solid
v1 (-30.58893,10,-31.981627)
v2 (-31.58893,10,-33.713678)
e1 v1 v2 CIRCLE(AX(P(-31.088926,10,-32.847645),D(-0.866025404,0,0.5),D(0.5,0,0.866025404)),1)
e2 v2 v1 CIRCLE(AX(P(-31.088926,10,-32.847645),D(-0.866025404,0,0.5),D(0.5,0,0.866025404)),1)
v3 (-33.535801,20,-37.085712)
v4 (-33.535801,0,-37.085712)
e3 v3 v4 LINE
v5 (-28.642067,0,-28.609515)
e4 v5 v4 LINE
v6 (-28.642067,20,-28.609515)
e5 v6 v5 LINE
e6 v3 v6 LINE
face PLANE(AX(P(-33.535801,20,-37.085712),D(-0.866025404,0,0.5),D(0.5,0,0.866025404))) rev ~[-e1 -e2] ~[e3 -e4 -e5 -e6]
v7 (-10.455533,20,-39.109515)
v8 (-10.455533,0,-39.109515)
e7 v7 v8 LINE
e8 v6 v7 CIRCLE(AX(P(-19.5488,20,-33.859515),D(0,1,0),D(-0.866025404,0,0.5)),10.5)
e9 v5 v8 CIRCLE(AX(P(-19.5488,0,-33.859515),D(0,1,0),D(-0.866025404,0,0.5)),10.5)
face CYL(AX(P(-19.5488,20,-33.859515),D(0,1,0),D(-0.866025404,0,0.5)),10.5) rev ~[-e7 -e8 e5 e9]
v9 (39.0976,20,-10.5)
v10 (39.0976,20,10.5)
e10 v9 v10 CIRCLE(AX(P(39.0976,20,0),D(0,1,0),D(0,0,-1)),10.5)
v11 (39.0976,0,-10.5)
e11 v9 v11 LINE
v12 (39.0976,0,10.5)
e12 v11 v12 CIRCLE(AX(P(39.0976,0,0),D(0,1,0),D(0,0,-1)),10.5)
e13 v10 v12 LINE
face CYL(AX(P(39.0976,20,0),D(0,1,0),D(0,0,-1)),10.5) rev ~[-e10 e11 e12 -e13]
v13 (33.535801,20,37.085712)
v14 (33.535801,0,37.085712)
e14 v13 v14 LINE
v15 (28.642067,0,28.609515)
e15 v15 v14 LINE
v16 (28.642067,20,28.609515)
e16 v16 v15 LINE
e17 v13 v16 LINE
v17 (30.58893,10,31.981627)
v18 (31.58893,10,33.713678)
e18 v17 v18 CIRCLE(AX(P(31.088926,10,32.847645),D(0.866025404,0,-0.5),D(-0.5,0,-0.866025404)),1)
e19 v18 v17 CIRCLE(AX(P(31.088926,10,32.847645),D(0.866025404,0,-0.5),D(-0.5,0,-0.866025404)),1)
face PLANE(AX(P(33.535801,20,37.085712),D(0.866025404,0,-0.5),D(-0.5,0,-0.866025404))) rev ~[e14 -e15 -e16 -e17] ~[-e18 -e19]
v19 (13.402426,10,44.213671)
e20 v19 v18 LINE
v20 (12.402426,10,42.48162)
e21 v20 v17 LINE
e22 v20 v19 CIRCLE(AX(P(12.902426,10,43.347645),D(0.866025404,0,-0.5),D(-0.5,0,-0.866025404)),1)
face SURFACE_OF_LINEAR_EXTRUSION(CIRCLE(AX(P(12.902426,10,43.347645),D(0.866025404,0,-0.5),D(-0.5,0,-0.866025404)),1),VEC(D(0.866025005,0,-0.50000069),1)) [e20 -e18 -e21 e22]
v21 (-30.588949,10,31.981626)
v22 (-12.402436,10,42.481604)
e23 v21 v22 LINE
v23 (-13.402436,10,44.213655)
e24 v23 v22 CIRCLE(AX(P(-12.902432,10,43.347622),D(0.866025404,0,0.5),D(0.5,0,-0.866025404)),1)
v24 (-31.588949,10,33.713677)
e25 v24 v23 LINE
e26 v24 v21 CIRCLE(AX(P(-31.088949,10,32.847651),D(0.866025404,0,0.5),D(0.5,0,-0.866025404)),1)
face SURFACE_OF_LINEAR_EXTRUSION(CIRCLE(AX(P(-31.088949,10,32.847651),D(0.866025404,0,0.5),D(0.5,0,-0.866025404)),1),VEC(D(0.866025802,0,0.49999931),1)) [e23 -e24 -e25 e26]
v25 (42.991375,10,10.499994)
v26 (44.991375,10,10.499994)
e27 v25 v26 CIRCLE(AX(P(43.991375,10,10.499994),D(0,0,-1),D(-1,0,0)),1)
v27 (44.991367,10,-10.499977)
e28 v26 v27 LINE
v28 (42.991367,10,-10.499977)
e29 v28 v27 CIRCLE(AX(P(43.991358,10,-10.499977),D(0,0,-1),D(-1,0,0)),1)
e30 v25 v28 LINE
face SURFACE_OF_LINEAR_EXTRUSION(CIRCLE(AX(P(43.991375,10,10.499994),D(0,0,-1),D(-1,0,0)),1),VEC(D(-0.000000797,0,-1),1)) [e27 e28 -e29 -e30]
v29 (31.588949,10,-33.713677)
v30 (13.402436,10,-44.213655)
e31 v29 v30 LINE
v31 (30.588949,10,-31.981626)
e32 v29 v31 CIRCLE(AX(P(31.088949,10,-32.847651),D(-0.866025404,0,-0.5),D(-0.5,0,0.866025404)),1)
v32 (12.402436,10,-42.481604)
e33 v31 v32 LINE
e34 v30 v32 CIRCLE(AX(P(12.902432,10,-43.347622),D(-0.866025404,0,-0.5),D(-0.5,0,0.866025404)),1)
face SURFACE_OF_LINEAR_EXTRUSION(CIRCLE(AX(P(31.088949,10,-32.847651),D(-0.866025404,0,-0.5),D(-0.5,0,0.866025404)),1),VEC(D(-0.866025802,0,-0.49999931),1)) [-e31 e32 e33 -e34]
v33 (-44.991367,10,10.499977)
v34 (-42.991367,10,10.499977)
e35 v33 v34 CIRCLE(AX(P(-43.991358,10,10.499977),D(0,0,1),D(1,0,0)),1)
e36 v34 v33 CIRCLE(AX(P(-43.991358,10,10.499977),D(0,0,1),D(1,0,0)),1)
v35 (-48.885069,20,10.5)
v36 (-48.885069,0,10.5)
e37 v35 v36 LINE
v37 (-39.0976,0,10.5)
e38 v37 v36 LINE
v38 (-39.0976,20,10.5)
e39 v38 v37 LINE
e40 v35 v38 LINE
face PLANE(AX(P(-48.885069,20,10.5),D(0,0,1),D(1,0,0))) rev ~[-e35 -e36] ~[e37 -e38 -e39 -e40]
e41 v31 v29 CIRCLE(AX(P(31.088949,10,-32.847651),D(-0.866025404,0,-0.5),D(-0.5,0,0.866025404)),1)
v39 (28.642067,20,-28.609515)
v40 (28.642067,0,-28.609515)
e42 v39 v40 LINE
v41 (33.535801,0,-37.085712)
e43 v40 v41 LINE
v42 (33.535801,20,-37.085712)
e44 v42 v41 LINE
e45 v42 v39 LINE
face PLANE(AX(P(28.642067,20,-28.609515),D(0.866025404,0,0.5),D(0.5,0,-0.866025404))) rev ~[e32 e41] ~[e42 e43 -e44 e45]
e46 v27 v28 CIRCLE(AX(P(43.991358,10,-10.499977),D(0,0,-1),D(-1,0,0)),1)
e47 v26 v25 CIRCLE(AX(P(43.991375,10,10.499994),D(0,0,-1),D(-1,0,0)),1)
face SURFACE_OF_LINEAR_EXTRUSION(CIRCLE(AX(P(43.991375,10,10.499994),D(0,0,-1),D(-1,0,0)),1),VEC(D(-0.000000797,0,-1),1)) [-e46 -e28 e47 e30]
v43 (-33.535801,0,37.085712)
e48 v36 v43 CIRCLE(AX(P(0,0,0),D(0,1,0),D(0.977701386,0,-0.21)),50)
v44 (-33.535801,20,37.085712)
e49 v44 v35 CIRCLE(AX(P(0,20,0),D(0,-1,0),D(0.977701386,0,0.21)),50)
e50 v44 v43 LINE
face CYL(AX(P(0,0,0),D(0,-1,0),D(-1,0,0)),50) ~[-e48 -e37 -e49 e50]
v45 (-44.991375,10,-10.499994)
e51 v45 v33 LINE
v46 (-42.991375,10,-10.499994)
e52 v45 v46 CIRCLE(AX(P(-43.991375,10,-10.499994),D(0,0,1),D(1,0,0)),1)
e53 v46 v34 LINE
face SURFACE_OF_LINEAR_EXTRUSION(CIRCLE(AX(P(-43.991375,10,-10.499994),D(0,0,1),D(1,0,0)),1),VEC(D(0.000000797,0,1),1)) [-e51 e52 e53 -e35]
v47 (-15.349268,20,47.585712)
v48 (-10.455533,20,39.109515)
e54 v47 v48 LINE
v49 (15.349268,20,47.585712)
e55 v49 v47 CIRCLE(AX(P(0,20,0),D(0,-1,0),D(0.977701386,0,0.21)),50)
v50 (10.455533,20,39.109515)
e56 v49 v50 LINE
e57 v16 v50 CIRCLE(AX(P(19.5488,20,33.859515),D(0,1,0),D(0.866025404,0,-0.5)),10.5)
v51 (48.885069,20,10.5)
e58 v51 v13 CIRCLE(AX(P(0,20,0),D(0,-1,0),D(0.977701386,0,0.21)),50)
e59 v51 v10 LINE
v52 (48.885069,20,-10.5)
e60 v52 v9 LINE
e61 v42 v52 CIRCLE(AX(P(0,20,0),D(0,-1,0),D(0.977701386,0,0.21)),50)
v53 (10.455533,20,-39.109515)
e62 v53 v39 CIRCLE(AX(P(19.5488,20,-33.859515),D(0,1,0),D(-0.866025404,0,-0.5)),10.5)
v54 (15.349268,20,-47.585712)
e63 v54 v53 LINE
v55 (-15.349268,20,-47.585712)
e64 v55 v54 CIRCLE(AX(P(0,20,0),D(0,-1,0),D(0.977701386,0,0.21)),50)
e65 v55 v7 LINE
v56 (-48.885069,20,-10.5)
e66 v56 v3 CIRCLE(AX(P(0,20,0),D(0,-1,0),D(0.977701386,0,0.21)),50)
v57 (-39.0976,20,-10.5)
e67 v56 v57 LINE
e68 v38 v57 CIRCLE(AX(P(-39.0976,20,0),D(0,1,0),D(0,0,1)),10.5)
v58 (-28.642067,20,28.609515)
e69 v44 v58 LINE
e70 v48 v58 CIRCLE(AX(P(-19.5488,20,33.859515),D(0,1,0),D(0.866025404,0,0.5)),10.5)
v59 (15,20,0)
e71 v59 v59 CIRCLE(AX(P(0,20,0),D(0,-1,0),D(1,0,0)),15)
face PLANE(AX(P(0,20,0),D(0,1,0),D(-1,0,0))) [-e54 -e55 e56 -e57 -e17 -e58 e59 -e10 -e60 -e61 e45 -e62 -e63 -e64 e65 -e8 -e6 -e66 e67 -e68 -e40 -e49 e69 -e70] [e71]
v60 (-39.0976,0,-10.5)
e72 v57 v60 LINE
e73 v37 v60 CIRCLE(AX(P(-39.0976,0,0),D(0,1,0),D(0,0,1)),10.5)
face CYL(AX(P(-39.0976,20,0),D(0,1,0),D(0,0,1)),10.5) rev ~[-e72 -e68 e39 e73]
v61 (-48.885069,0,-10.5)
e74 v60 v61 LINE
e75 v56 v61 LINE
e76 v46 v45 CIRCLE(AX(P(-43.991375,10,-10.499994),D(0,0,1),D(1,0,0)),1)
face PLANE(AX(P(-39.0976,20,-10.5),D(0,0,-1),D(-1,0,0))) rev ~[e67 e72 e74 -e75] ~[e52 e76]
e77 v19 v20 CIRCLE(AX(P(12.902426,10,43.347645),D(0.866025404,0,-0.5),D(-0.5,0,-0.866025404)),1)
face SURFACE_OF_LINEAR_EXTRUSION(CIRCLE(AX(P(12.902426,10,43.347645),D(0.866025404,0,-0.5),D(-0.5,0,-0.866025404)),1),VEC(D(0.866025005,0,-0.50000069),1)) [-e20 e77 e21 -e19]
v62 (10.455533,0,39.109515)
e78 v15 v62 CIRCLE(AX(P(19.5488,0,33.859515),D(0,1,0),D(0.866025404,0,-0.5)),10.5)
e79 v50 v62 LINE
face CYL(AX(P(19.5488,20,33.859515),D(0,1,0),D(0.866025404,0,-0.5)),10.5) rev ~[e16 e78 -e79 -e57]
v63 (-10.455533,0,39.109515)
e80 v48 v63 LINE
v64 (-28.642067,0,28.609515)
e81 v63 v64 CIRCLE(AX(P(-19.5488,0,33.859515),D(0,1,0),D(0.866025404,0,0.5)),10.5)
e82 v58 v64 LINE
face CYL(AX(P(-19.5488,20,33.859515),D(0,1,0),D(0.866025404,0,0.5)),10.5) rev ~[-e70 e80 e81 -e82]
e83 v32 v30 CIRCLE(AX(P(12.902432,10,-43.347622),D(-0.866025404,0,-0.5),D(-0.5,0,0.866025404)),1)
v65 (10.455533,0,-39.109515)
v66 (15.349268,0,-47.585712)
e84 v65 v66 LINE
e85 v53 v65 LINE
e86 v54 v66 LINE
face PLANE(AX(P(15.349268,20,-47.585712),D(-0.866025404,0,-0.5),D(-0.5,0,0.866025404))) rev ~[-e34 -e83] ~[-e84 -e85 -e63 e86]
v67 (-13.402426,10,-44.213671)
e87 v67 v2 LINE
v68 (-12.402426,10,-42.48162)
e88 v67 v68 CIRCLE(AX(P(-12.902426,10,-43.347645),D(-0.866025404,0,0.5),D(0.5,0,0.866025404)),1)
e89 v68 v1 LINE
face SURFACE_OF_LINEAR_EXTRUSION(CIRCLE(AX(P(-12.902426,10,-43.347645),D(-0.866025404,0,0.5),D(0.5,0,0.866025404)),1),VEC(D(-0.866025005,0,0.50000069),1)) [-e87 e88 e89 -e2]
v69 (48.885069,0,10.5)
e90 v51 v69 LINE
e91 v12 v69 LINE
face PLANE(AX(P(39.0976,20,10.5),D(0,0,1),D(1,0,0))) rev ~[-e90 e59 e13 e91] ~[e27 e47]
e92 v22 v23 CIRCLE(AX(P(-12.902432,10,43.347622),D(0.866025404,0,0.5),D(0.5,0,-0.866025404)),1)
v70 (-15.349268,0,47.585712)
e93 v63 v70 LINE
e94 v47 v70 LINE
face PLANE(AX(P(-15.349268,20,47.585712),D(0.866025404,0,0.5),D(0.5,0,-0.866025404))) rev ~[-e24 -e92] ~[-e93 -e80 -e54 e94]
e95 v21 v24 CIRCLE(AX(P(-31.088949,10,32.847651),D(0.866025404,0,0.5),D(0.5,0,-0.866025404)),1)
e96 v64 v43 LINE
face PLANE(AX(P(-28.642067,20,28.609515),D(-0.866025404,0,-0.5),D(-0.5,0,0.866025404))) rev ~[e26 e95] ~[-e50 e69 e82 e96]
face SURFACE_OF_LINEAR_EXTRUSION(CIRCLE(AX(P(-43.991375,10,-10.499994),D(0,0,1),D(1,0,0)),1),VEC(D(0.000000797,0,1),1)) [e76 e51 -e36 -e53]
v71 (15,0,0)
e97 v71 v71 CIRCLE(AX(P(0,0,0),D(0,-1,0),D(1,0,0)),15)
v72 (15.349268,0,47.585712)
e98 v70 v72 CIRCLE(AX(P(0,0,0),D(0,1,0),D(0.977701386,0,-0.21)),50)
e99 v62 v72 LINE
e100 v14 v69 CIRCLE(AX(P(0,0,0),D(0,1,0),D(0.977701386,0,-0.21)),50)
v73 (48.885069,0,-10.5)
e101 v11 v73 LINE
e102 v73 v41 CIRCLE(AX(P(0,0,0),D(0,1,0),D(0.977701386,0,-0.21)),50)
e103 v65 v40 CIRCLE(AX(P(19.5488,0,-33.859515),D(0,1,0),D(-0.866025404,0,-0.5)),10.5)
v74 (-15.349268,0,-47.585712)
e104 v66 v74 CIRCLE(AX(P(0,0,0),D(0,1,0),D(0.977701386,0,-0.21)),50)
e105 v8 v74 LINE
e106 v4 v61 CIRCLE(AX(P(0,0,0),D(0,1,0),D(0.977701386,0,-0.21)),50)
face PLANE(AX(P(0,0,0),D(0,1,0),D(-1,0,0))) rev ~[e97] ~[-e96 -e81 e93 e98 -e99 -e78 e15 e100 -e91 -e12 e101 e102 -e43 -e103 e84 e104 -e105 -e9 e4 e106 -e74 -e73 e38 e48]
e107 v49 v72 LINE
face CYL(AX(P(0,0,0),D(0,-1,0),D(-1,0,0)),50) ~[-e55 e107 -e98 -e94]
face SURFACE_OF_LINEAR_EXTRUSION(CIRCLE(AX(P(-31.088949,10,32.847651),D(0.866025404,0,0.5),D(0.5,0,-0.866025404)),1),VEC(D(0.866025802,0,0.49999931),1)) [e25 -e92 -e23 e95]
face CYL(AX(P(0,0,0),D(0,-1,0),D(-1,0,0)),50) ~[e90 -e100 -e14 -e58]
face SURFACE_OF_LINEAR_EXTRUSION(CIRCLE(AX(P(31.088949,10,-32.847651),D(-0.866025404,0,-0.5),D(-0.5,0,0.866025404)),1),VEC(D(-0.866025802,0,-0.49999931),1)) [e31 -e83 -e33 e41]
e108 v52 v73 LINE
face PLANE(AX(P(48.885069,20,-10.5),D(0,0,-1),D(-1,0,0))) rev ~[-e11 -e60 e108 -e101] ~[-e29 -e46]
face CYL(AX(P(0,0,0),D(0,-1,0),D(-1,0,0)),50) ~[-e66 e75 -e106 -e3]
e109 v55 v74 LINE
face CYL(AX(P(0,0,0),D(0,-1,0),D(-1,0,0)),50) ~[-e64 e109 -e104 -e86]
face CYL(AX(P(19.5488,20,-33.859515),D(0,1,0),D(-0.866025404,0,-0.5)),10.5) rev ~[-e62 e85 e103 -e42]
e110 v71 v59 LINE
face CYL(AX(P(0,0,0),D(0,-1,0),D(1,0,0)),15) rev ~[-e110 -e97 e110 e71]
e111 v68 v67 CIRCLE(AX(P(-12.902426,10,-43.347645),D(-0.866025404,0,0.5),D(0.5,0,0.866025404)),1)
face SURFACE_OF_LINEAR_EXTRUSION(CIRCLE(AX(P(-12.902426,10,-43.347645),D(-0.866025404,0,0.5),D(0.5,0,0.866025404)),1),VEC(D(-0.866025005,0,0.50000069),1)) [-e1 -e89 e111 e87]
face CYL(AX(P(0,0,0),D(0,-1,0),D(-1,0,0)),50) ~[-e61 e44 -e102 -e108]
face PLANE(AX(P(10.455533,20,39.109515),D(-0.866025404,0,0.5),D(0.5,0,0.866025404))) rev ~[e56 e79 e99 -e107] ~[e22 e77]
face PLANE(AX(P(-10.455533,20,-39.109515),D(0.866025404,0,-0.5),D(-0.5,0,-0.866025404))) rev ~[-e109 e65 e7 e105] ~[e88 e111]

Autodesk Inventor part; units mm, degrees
ref_plane "YZ Plane" through (0, 0, 0) normal (1, 0, 0) x (0, 1, 0)
ref_plane "XY Plane" through (0, 0, 0) normal (0, 0, 1) x (1, 0, 0)
sketch "Sketch1" plane through (0, 0, 0) normal (0, 1, 0) x (-1, 0, 0)
  circle A0 centre (0, 0) radius 50
  dimension "d0" = 100
extrude "Extrusion1" add sketch "Sketch1" along normal blind 20
sketch "Sketch2" plane through (0, 20, 0) normal (0, 1, 0) x (1, 0, 0)
  line L0 (60.9024, 0) -> (39.0976, 0) construction
  circle A0 centre (0, 0) radius 50 projected
  line L1 (60.9024, 10.5) -> (39.0976, 10.5)
  line L2 (39.0976, -10.5) -> (60.9024, -10.5)
  arc A1 (60.9024, -10.5) -> (60.9024, 10.5) centre (60.9024, 0) ccw
  arc A2 (39.0976, 10.5) -> (39.0976, -10.5) centre (39.0976, 0) ccw
  point P0 (50, 0)
  dimension "d3" = 21
extrude "Extrusion2" cut sketch "Sketch2" against normal blind 20 contours A0 L2 A2 L1 | A0 L1 A1 L2 picked at (42.7317, 0)
pattern_circular "Circular Pattern1" count 6 over 360 about axis through (0, -10, 0) along (0, 1, 0) of "Extrusion2"
sketch "Sketch3" plane through (48.8851, 20, 10.5) normal (0, 0, -1) x (-1, 0, 0)
  point P0 (48.8851, -20)
sketch "Sketch4" plane through (0, 20, 0) normal (0, 1, 0) x (1, 0, 0)
  point P0 (0, 0)
ref_plane "Work Plane1" through (0, 10, 0) normal (0, 1, 0) x (-1, 0, 0)
sketch "Sketch5" plane through (0, 10, 0) normal (0, 1, 0) x (-1, 0, 0)
  line L0 (-15.3493, 47.5857) -> (-10.4555, 39.1095) projected
  arc A0 (-28.6421, 28.6095) -> (-10.4555, 39.1095) centre (-19.5488, 33.8595) ccw projected
  line L1 (-28.6421, 28.6095) -> (-33.5358, 37.0857) projected
  arc A1 (-33.5358, 37.0857) -> (-48.8851, 10.5) centre (0, 0) ccw projected
  line L2 (-48.8851, 10.5) -> (-39.0976, 10.5) projected
  arc A2 (-39.0976, -10.5) -> (-39.0976, 10.5) centre (-39.0976, 0) ccw projected
  line L3 (-39.0976, -10.5) -> (-48.8851, -10.5) projected
  arc A3 (-48.8851, -10.5) -> (-33.5358, -37.0857) centre (0, 0) ccw projected
  line L4 (-33.5358, -37.0857) -> (-28.6421, -28.6095) projected
  arc A4 (-10.4555, -39.1095) -> (-28.6421, -28.6095) centre (-19.5488, -33.8595) ccw projected
  line L5 (-10.4555, -39.1095) -> (-15.3493, -47.5857) projected
  arc A5 (-15.3493, -47.5857) -> (15.3493, -47.5857) centre (0, 0) ccw projected
  line L6 (15.3493, -47.5857) -> (10.4555, -39.1095) projected
  arc A6 (28.6421, -28.6095) -> (10.4555, -39.1095) centre (19.5488, -33.8595) ccw projected
  line L7 (28.6421, -28.6095) -> (33.5358, -37.0857) projected
  arc A7 (33.5358, -37.0857) -> (48.8851, -10.5) centre (0, 0) ccw projected
  line L8 (48.8851, -10.5) -> (39.0976, -10.5) projected
  arc A8 (39.0976, 10.5) -> (39.0976, -10.5) centre (39.0976, 0) ccw projected
  line L9 (39.0976, 10.5) -> (48.8851, 10.5) projected
  arc A9 (48.8851, 10.5) -> (33.5358, 37.0857) centre (0, 0) ccw projected
  line L10 (33.5358, 37.0857) -> (28.6421, 28.6095) projected
  arc A10 (10.4555, 39.1095) -> (28.6421, 28.6095) centre (19.5488, 33.8595) ccw projected
  line L11 (10.4555, 39.1095) -> (15.3493, 47.5857) projected
  arc A11 (15.3493, 47.5857) -> (-15.3493, 47.5857) centre (0, 0) ccw projected
  line L12 (15.3493, -47.5857) -> (10.4555, -39.1095) projected
  line L13 (12.9024, -43.3476) -> (31.0889, -32.8476)
  line L14 (28.6421, -28.6095) -> (33.5358, -37.0857) projected
  line L15 (43.9913, -10.5) -> (43.9913, 10.5)
  line L16 (31.0889, 32.8476) -> (12.9024, 43.3476)
  line L17 (15.3493, 47.5857) -> (10.4555, 39.1095) projected
  line L18 (-10.4555, 39.1095) -> (-15.3493, 47.5857) projected
  line L19 (-12.9024, 43.3476) -> (-31.0889, 32.8476)
  line L20 (-39.0976, 10.5) -> (-48.8851, 10.5) projected
  line L21 (-43.9913, 10.5) -> (-43.9913, -10.5)
  line L22 (-28.6421, -28.6095) -> (-33.5358, -37.0857) projected
  line L23 (-31.0889, -32.8476) -> (-12.9024, -43.3476)
  line L24 (-15.3493, -47.5857) -> (-10.4555, -39.1095) projected
sketch "Sketch6" plane through (-15.3493, 0, 47.5857) normal (-0.866, 0, -0.5) x (-0.5, 0, 0.866)
  point P0 (-48.8851, 0)
sketch "Sketch7" plane through (15.3493, 0, 47.5857) normal (0.866, 0, -0.5) x (-0.5, 0, -0.866)
  line L0 (0, 10) -> (9.7874, 10) projected
  circle A0 centre (4.8937, 10) radius 1
  point P0 (48.8851, 0)
  dimension "d10" = 2
sweep "Sweep1" add profiles "Sketch7" path "Sketch5" path curves L19
pattern_circular "Circular Pattern2" count 6 over 360 about axis through (0, -10, 0) along (0, 1, 0) of "Sweep1"
sketch "Sketch8" plane through (0, 0, 0) normal (0, -1, 0) x (1, 0, 0)
  circle A0 centre (0, 0) radius 15
  dimension "d16" = 30
extrude "Extrusion3" cut sketch "Sketch8" against normal up to next
properties part number "Holder"
